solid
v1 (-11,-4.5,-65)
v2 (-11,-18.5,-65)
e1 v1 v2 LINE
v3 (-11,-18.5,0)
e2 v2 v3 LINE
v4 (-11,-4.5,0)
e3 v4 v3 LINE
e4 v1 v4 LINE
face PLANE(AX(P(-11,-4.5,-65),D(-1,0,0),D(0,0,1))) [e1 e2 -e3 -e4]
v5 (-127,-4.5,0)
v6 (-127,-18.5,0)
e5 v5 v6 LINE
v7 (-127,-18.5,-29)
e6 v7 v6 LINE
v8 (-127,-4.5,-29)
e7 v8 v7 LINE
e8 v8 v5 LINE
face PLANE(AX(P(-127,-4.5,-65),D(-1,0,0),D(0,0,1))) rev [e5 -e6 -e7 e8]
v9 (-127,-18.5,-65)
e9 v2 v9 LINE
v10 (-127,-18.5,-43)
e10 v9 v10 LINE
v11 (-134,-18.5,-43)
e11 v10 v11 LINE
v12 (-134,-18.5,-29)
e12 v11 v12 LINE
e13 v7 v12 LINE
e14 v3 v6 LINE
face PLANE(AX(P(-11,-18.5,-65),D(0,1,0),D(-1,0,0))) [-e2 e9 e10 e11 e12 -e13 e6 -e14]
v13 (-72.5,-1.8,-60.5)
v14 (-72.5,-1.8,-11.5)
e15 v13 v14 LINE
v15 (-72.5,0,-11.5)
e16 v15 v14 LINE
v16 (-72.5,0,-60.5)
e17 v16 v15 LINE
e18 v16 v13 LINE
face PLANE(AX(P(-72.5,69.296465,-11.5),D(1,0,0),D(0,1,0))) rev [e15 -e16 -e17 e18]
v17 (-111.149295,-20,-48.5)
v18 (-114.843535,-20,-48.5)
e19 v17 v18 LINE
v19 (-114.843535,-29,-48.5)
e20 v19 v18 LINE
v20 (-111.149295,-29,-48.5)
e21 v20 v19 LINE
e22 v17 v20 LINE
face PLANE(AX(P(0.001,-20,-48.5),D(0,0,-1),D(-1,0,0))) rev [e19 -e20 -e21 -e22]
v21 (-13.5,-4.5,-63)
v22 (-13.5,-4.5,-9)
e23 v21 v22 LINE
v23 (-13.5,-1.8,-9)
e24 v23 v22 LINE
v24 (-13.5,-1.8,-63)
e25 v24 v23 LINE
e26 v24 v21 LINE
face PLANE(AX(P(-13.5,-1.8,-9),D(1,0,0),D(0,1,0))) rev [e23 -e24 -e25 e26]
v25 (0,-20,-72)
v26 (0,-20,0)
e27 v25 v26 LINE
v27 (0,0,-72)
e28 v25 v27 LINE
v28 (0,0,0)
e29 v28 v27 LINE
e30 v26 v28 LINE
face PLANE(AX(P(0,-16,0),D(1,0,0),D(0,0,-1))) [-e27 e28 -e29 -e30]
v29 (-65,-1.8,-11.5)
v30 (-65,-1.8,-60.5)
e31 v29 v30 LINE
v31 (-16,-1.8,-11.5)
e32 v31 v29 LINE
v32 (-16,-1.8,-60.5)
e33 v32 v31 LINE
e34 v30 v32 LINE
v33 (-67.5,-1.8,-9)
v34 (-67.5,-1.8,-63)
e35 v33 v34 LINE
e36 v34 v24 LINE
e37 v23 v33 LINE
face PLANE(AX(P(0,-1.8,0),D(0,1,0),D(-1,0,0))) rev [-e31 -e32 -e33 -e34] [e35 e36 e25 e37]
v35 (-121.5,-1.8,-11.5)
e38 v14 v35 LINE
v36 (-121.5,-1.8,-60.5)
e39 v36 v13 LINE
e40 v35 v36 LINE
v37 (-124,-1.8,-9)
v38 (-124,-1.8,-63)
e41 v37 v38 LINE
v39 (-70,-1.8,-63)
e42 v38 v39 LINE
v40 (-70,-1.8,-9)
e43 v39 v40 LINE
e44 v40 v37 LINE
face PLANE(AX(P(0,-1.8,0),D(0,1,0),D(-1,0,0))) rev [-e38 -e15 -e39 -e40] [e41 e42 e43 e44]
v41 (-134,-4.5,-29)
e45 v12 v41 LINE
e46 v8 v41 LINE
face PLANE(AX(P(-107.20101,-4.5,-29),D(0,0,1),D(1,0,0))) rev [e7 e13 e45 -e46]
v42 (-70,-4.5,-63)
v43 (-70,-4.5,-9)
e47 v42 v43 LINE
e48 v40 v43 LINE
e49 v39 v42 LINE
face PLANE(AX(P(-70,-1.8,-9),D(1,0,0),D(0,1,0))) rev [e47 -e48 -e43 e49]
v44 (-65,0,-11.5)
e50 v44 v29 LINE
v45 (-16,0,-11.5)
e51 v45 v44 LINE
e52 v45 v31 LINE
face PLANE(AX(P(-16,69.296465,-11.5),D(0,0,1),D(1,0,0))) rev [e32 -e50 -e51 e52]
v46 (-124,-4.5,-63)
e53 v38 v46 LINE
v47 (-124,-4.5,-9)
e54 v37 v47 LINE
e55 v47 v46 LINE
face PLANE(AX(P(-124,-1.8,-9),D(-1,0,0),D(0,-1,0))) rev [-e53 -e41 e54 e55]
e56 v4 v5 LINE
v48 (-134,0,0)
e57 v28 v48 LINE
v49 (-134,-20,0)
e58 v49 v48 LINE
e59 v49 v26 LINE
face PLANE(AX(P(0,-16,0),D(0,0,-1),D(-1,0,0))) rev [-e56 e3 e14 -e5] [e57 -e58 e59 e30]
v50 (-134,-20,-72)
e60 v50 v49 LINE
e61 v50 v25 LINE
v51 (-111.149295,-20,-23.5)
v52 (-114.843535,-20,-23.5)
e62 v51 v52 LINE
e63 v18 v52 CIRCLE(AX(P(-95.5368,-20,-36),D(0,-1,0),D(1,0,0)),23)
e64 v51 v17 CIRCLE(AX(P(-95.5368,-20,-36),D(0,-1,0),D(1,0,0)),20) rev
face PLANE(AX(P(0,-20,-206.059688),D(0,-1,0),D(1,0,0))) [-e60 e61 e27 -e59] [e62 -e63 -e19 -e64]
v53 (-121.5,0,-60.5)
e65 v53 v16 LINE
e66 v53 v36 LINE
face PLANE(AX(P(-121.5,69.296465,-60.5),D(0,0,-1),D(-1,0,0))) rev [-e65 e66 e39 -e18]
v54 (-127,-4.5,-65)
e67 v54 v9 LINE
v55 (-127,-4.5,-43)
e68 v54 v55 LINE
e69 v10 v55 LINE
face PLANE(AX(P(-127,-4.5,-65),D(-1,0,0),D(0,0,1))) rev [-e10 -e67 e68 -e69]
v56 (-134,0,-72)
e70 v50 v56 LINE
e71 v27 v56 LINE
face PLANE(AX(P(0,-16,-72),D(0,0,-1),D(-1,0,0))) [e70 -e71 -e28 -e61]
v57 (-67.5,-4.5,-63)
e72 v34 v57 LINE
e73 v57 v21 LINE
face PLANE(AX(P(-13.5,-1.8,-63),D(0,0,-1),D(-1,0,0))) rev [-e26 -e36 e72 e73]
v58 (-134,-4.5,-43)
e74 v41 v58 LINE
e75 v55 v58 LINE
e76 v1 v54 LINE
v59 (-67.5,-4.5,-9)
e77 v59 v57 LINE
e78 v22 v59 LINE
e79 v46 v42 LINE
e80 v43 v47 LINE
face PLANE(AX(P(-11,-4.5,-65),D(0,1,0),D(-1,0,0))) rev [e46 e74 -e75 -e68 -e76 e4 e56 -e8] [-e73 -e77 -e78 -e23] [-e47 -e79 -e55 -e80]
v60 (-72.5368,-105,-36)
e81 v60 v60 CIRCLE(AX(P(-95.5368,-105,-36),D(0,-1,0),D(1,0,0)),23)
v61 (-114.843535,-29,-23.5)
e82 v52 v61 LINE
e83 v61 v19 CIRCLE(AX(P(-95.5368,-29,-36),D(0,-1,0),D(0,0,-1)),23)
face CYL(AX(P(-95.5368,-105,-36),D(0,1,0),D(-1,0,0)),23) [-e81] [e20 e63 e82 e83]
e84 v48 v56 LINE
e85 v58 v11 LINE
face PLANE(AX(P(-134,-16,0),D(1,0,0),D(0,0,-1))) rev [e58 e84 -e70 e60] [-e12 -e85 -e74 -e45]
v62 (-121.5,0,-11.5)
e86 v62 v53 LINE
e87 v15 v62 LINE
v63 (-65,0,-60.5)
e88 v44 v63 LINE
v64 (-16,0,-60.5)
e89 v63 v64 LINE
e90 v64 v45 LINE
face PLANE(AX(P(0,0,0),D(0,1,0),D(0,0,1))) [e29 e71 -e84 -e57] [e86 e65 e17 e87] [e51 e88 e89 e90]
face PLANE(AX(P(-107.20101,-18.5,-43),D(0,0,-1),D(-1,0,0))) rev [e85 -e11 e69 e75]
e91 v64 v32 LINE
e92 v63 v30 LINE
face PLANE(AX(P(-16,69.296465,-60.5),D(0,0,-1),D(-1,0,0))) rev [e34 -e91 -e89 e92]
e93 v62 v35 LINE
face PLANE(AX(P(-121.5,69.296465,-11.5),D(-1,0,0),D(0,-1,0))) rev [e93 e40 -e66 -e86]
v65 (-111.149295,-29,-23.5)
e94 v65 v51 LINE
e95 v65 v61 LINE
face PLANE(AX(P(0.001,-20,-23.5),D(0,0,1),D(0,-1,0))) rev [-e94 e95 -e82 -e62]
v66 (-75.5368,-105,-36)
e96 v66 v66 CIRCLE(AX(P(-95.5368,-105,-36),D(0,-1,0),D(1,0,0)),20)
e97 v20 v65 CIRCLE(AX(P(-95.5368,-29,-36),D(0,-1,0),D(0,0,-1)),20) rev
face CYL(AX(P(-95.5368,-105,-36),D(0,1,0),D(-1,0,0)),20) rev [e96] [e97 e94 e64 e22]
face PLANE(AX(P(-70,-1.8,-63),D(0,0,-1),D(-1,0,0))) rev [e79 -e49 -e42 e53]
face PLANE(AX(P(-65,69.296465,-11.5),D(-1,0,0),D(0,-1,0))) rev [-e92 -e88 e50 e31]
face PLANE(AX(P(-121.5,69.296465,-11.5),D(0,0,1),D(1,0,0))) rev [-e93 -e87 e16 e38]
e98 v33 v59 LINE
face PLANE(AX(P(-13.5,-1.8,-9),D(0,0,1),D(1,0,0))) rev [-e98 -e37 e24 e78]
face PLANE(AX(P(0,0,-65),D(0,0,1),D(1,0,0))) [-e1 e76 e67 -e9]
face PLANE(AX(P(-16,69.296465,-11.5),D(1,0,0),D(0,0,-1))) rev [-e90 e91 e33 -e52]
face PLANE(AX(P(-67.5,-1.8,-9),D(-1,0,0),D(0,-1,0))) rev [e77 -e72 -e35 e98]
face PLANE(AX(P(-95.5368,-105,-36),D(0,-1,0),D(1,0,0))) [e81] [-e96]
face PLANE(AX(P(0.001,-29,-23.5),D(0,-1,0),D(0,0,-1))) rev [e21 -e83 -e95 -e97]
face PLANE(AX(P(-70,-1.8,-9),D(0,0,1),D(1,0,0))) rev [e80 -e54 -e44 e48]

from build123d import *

# Parameters (mm, degrees)
MAIN_BODY_DEPTH     = 16
SKETCH8_W           = 134
SKETCH8_H           = 4
COVER_DEPTH         = 72
SKETCH20_W          = 116
SKETCH20_H          = 14
CRYSTAL_SLOT_DEPTH  = 65
SKETCH9_W           = 14
SKETCH9_H           = 14
SIPM_WINDOW_DEPTH   = 7
SKETCH10_R          = 23
SKETCH10_R_2        = 20
TUBE_ADAPTER_DEPTH  = 85
SKETCH21_W          = 54
SKETCH21_H          = 54
FILTER_SLOT_DEPTH   = 2.7
SKETCH24_W          = 49
SKETCH24_H          = 49
FILTER_WINDOW_DEPTH = 1.8
WIRE_SLOT_REACH     = 146
SKETCH25_W          = 25
SKETCH25_H          = 9


with BuildPart() as part:
    # Sketch5 → Main Body (new body)
    with BuildSketch(Plane(origin=(0, 0, 0), x_dir=(1, 0, 0), z_dir=(0, 1, 0))):
        Polygon((-134, 0), (-124, 0), (-1.95326153, 0), (0, 0), (0, 72), (-134, 72), align=None)
    extrude(amount=-MAIN_BODY_DEPTH)

    # Sketch8 → Cover (add)
    with BuildSketch(Plane.XY):
        with Locations((-67, -18)):
            Rectangle(SKETCH8_W, SKETCH8_H)
    extrude(amount=-COVER_DEPTH)

    # Sketch20 → Crystal Slot (cut)
    with BuildSketch(Plane.XY):
        with Locations((-69, -11.5)):
            Rectangle(SKETCH20_W, SKETCH20_H)
    extrude(amount=-CRYSTAL_SLOT_DEPTH, mode=Mode.SUBTRACT)

    # Sketch9 → SiPM Window (cut)
    with BuildSketch(Plane.ZY.offset(134)):
        with Locations((-36, -11.5)):
            Rectangle(SKETCH9_W, SKETCH9_H)
    extrude(amount=-SIPM_WINDOW_DEPTH, mode=Mode.SUBTRACT)

    # Sketch10 → Tube Adapter (add)
    with BuildSketch(Plane.XZ.offset(20)):
        with Locations((-95.536800003, -36)):
            Circle(SKETCH10_R)
        with Locations((-95.536800003, -36)):
            Circle(SKETCH10_R_2, mode=Mode.SUBTRACT)
    extrude(amount=TUBE_ADAPTER_DEPTH)

    # Sketch21 → Filter Slot (cut)
    with BuildSketch(Plane.XZ.offset(4.5)):
        with Locations((-40.5, -36)):
            Rectangle(SKETCH21_W, SKETCH21_H)
        with Locations((-97, -36)):
            Rectangle(SKETCH21_W, SKETCH21_H)
    extrude(amount=-FILTER_SLOT_DEPTH, mode=Mode.SUBTRACT)

    # Sketch24 → Filter Window (cut)
    with BuildSketch(Plane.XZ.offset(1.8)):
        with Locations((-40.5, -36)):
            Rectangle(SKETCH24_W, SKETCH24_H)
        with Locations((-97, -36)):
            Rectangle(SKETCH24_W, SKETCH24_H)
    extrude(amount=-FILTER_WINDOW_DEPTH, mode=Mode.SUBTRACT)

    # Sketch25 → Wire Slot (cut, up to next)
    with BuildSketch(Plane.ZY.offset(144), mode=Mode.PRIVATE) as wire_slot_sk1:
        with Locations((-36, -24.5)):
            Rectangle(SKETCH25_W, SKETCH25_H)
    wire_slot_tool1 = extrude(wire_slot_sk1.sketch, amount=-WIRE_SLOT_REACH, mode=Mode.PRIVATE) & part.part
    add(wire_slot_tool1.solids().sort_by_distance((-144, -24.5, -36))[0], mode=Mode.SUBTRACT)


solid = part.part
